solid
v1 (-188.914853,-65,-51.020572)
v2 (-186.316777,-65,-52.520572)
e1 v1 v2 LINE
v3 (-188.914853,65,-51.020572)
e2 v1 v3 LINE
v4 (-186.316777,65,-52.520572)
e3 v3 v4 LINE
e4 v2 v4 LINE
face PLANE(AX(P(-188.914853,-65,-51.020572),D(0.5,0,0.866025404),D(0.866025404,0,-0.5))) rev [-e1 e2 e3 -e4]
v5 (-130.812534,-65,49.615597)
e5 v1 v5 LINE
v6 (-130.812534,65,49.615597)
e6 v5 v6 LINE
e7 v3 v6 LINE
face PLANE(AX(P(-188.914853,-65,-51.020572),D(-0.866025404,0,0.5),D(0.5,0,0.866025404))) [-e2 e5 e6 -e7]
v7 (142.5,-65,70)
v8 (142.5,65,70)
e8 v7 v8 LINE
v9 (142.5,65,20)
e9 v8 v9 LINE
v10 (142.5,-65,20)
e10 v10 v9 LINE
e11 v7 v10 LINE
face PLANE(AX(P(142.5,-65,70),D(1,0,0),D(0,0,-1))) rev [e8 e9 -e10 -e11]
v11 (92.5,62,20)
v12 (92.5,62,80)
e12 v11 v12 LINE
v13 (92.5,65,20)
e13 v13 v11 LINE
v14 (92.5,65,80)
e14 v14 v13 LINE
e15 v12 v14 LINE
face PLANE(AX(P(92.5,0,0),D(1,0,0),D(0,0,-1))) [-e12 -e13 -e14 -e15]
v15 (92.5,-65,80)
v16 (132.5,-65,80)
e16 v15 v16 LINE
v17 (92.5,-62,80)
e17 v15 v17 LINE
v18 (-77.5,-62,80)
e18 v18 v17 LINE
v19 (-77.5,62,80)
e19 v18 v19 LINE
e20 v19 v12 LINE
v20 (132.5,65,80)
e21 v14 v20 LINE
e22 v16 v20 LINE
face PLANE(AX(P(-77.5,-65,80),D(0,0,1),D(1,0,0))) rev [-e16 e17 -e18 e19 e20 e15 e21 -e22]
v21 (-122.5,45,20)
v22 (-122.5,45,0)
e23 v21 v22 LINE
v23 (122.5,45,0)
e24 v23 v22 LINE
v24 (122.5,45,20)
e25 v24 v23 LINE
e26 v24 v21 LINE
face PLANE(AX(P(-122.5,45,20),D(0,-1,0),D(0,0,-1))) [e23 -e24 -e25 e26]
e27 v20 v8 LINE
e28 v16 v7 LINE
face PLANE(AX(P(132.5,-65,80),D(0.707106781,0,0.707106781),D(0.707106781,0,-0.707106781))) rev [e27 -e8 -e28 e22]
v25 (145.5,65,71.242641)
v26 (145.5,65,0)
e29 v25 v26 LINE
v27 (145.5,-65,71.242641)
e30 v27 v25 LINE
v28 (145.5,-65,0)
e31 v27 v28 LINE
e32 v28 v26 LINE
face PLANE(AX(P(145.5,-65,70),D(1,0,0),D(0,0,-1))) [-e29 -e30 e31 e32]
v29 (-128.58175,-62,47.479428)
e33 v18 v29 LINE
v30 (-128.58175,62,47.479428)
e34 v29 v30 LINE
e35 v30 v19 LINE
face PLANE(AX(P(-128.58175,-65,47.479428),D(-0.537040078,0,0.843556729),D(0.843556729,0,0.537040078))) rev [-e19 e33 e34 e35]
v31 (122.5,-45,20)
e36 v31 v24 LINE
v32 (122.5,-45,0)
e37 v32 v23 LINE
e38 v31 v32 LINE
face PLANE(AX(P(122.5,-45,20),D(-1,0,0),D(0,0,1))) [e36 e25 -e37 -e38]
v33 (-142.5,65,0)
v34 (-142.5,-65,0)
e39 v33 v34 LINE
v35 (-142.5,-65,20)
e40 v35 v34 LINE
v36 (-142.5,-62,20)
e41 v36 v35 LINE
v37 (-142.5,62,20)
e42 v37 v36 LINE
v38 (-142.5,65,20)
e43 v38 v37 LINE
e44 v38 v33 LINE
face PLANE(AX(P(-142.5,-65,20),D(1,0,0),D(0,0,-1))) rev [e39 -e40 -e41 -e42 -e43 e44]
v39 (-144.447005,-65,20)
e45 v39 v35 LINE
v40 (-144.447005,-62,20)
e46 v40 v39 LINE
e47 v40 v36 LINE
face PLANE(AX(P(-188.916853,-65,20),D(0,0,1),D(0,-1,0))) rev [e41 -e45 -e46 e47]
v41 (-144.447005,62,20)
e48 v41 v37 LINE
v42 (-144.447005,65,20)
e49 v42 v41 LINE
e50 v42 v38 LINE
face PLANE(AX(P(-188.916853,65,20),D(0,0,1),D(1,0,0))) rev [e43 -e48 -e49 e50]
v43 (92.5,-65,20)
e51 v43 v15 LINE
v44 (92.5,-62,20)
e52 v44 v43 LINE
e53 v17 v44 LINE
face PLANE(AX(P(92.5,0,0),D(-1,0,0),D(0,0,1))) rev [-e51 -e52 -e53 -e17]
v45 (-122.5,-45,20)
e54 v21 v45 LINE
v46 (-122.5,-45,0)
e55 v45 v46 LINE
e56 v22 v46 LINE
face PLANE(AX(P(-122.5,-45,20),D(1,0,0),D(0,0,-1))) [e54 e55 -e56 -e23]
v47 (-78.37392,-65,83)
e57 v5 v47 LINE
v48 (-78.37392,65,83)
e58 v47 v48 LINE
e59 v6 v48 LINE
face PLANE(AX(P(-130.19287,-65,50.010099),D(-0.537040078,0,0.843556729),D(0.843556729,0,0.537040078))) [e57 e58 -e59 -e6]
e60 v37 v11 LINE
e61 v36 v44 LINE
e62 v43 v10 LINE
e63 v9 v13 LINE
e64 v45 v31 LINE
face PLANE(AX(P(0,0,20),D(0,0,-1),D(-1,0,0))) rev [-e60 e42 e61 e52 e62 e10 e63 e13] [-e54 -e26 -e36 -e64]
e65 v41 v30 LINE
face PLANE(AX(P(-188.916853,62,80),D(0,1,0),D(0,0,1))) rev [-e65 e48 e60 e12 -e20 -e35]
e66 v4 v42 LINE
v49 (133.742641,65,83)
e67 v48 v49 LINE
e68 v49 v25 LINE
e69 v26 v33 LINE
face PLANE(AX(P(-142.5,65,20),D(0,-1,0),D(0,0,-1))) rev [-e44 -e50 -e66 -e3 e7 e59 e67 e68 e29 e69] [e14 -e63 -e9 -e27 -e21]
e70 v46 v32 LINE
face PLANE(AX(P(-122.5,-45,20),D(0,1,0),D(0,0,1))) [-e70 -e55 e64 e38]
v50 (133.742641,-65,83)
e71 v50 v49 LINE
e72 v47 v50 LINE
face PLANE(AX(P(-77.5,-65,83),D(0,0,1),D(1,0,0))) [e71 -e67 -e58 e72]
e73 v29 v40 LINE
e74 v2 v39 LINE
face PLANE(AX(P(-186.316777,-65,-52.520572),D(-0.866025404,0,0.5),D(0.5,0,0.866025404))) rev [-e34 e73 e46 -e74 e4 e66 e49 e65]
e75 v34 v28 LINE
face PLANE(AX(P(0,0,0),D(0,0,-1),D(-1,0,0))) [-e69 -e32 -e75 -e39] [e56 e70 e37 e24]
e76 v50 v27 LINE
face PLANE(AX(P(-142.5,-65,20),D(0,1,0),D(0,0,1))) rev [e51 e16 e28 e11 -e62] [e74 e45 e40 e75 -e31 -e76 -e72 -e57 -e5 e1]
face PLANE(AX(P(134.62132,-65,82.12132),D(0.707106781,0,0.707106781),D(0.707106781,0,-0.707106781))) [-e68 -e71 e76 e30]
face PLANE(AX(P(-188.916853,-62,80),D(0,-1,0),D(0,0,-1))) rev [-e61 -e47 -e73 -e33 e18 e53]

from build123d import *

# Parameters (mm, degrees)
SKETCH1_W           = 285
SKETCH1_H           = 130
SKETCH1_W_2         = 245
SKETCH1_H_2         = 90
BOSS_EXTRUDE1_DEPTH = 20
EXTRUDE_THIN1_DEPTH = 130
BOSS_EXTRUDE2_REACH = 399.778
BOSS_EXTRUDE2_START = 50
SKETCH3_W           = 60
SKETCH3_H           = 3


with BuildPart() as part:
    # Sketch1 → Boss-Extrude1 (new body)
    with BuildSketch(Plane.XY):
        Rectangle(SKETCH1_W, SKETCH1_H)
        Rectangle(SKETCH1_W_2, SKETCH1_H_2, mode=Mode.SUBTRACT)
    extrude(amount=BOSS_EXTRUDE1_DEPTH)

    # Sketch2 → Extrude-Thin1 (add, through all)
    with BuildSketch(Plane(origin=(0, 65, 0), x_dir=(1, 0, 0), z_dir=(0, 1, 0))):
        Polygon((-186.31677691, 52.520571585), (-128.581749991, -47.479428415), (-77.5, -80), (132.5, -80), (142.5, -70), (142.5, 0), (145.5, 0), (145.5, -71.242640687), (133.742640687, -83), (-78.373919532, -83), (-130.812533941, -49.615597272), (-188.914853122, 51.020571585), align=None)
    extrude(amount=-EXTRUDE_THIN1_DEPTH)

    # Sketch3 → Boss-Extrude2 (add, up to next)
    with BuildSketch(Plane.ZY.offset(-142.5).offset(BOSS_EXTRUDE2_START), mode=Mode.PRIVATE) as boss_extrude2_sk1:
        with Locations((50, -63.5)):
            Rectangle(SKETCH3_W, SKETCH3_H)
    boss_extrude2_tool1 = extrude(boss_extrude2_sk1.sketch, amount=BOSS_EXTRUDE2_REACH, mode=Mode.PRIVATE) - part.part
    # Sketch3 → Boss-Extrude2 (add, up to next)
    with BuildSketch(Plane.ZY.offset(-142.5).offset(BOSS_EXTRUDE2_START), mode=Mode.PRIVATE) as boss_extrude2_sk2:
        with Locations((50, 63.5)):
            Rectangle(SKETCH3_W, SKETCH3_H)
    boss_extrude2_tool2 = extrude(boss_extrude2_sk2.sketch, amount=BOSS_EXTRUDE2_REACH, mode=Mode.PRIVATE) - part.part
    add(boss_extrude2_tool1.solids().sort_by_distance((92.5, -63.5, 50))[0])
    add(boss_extrude2_tool2.solids().sort_by_distance((92.5, 63.5, 50))[0])


solid = part.part
